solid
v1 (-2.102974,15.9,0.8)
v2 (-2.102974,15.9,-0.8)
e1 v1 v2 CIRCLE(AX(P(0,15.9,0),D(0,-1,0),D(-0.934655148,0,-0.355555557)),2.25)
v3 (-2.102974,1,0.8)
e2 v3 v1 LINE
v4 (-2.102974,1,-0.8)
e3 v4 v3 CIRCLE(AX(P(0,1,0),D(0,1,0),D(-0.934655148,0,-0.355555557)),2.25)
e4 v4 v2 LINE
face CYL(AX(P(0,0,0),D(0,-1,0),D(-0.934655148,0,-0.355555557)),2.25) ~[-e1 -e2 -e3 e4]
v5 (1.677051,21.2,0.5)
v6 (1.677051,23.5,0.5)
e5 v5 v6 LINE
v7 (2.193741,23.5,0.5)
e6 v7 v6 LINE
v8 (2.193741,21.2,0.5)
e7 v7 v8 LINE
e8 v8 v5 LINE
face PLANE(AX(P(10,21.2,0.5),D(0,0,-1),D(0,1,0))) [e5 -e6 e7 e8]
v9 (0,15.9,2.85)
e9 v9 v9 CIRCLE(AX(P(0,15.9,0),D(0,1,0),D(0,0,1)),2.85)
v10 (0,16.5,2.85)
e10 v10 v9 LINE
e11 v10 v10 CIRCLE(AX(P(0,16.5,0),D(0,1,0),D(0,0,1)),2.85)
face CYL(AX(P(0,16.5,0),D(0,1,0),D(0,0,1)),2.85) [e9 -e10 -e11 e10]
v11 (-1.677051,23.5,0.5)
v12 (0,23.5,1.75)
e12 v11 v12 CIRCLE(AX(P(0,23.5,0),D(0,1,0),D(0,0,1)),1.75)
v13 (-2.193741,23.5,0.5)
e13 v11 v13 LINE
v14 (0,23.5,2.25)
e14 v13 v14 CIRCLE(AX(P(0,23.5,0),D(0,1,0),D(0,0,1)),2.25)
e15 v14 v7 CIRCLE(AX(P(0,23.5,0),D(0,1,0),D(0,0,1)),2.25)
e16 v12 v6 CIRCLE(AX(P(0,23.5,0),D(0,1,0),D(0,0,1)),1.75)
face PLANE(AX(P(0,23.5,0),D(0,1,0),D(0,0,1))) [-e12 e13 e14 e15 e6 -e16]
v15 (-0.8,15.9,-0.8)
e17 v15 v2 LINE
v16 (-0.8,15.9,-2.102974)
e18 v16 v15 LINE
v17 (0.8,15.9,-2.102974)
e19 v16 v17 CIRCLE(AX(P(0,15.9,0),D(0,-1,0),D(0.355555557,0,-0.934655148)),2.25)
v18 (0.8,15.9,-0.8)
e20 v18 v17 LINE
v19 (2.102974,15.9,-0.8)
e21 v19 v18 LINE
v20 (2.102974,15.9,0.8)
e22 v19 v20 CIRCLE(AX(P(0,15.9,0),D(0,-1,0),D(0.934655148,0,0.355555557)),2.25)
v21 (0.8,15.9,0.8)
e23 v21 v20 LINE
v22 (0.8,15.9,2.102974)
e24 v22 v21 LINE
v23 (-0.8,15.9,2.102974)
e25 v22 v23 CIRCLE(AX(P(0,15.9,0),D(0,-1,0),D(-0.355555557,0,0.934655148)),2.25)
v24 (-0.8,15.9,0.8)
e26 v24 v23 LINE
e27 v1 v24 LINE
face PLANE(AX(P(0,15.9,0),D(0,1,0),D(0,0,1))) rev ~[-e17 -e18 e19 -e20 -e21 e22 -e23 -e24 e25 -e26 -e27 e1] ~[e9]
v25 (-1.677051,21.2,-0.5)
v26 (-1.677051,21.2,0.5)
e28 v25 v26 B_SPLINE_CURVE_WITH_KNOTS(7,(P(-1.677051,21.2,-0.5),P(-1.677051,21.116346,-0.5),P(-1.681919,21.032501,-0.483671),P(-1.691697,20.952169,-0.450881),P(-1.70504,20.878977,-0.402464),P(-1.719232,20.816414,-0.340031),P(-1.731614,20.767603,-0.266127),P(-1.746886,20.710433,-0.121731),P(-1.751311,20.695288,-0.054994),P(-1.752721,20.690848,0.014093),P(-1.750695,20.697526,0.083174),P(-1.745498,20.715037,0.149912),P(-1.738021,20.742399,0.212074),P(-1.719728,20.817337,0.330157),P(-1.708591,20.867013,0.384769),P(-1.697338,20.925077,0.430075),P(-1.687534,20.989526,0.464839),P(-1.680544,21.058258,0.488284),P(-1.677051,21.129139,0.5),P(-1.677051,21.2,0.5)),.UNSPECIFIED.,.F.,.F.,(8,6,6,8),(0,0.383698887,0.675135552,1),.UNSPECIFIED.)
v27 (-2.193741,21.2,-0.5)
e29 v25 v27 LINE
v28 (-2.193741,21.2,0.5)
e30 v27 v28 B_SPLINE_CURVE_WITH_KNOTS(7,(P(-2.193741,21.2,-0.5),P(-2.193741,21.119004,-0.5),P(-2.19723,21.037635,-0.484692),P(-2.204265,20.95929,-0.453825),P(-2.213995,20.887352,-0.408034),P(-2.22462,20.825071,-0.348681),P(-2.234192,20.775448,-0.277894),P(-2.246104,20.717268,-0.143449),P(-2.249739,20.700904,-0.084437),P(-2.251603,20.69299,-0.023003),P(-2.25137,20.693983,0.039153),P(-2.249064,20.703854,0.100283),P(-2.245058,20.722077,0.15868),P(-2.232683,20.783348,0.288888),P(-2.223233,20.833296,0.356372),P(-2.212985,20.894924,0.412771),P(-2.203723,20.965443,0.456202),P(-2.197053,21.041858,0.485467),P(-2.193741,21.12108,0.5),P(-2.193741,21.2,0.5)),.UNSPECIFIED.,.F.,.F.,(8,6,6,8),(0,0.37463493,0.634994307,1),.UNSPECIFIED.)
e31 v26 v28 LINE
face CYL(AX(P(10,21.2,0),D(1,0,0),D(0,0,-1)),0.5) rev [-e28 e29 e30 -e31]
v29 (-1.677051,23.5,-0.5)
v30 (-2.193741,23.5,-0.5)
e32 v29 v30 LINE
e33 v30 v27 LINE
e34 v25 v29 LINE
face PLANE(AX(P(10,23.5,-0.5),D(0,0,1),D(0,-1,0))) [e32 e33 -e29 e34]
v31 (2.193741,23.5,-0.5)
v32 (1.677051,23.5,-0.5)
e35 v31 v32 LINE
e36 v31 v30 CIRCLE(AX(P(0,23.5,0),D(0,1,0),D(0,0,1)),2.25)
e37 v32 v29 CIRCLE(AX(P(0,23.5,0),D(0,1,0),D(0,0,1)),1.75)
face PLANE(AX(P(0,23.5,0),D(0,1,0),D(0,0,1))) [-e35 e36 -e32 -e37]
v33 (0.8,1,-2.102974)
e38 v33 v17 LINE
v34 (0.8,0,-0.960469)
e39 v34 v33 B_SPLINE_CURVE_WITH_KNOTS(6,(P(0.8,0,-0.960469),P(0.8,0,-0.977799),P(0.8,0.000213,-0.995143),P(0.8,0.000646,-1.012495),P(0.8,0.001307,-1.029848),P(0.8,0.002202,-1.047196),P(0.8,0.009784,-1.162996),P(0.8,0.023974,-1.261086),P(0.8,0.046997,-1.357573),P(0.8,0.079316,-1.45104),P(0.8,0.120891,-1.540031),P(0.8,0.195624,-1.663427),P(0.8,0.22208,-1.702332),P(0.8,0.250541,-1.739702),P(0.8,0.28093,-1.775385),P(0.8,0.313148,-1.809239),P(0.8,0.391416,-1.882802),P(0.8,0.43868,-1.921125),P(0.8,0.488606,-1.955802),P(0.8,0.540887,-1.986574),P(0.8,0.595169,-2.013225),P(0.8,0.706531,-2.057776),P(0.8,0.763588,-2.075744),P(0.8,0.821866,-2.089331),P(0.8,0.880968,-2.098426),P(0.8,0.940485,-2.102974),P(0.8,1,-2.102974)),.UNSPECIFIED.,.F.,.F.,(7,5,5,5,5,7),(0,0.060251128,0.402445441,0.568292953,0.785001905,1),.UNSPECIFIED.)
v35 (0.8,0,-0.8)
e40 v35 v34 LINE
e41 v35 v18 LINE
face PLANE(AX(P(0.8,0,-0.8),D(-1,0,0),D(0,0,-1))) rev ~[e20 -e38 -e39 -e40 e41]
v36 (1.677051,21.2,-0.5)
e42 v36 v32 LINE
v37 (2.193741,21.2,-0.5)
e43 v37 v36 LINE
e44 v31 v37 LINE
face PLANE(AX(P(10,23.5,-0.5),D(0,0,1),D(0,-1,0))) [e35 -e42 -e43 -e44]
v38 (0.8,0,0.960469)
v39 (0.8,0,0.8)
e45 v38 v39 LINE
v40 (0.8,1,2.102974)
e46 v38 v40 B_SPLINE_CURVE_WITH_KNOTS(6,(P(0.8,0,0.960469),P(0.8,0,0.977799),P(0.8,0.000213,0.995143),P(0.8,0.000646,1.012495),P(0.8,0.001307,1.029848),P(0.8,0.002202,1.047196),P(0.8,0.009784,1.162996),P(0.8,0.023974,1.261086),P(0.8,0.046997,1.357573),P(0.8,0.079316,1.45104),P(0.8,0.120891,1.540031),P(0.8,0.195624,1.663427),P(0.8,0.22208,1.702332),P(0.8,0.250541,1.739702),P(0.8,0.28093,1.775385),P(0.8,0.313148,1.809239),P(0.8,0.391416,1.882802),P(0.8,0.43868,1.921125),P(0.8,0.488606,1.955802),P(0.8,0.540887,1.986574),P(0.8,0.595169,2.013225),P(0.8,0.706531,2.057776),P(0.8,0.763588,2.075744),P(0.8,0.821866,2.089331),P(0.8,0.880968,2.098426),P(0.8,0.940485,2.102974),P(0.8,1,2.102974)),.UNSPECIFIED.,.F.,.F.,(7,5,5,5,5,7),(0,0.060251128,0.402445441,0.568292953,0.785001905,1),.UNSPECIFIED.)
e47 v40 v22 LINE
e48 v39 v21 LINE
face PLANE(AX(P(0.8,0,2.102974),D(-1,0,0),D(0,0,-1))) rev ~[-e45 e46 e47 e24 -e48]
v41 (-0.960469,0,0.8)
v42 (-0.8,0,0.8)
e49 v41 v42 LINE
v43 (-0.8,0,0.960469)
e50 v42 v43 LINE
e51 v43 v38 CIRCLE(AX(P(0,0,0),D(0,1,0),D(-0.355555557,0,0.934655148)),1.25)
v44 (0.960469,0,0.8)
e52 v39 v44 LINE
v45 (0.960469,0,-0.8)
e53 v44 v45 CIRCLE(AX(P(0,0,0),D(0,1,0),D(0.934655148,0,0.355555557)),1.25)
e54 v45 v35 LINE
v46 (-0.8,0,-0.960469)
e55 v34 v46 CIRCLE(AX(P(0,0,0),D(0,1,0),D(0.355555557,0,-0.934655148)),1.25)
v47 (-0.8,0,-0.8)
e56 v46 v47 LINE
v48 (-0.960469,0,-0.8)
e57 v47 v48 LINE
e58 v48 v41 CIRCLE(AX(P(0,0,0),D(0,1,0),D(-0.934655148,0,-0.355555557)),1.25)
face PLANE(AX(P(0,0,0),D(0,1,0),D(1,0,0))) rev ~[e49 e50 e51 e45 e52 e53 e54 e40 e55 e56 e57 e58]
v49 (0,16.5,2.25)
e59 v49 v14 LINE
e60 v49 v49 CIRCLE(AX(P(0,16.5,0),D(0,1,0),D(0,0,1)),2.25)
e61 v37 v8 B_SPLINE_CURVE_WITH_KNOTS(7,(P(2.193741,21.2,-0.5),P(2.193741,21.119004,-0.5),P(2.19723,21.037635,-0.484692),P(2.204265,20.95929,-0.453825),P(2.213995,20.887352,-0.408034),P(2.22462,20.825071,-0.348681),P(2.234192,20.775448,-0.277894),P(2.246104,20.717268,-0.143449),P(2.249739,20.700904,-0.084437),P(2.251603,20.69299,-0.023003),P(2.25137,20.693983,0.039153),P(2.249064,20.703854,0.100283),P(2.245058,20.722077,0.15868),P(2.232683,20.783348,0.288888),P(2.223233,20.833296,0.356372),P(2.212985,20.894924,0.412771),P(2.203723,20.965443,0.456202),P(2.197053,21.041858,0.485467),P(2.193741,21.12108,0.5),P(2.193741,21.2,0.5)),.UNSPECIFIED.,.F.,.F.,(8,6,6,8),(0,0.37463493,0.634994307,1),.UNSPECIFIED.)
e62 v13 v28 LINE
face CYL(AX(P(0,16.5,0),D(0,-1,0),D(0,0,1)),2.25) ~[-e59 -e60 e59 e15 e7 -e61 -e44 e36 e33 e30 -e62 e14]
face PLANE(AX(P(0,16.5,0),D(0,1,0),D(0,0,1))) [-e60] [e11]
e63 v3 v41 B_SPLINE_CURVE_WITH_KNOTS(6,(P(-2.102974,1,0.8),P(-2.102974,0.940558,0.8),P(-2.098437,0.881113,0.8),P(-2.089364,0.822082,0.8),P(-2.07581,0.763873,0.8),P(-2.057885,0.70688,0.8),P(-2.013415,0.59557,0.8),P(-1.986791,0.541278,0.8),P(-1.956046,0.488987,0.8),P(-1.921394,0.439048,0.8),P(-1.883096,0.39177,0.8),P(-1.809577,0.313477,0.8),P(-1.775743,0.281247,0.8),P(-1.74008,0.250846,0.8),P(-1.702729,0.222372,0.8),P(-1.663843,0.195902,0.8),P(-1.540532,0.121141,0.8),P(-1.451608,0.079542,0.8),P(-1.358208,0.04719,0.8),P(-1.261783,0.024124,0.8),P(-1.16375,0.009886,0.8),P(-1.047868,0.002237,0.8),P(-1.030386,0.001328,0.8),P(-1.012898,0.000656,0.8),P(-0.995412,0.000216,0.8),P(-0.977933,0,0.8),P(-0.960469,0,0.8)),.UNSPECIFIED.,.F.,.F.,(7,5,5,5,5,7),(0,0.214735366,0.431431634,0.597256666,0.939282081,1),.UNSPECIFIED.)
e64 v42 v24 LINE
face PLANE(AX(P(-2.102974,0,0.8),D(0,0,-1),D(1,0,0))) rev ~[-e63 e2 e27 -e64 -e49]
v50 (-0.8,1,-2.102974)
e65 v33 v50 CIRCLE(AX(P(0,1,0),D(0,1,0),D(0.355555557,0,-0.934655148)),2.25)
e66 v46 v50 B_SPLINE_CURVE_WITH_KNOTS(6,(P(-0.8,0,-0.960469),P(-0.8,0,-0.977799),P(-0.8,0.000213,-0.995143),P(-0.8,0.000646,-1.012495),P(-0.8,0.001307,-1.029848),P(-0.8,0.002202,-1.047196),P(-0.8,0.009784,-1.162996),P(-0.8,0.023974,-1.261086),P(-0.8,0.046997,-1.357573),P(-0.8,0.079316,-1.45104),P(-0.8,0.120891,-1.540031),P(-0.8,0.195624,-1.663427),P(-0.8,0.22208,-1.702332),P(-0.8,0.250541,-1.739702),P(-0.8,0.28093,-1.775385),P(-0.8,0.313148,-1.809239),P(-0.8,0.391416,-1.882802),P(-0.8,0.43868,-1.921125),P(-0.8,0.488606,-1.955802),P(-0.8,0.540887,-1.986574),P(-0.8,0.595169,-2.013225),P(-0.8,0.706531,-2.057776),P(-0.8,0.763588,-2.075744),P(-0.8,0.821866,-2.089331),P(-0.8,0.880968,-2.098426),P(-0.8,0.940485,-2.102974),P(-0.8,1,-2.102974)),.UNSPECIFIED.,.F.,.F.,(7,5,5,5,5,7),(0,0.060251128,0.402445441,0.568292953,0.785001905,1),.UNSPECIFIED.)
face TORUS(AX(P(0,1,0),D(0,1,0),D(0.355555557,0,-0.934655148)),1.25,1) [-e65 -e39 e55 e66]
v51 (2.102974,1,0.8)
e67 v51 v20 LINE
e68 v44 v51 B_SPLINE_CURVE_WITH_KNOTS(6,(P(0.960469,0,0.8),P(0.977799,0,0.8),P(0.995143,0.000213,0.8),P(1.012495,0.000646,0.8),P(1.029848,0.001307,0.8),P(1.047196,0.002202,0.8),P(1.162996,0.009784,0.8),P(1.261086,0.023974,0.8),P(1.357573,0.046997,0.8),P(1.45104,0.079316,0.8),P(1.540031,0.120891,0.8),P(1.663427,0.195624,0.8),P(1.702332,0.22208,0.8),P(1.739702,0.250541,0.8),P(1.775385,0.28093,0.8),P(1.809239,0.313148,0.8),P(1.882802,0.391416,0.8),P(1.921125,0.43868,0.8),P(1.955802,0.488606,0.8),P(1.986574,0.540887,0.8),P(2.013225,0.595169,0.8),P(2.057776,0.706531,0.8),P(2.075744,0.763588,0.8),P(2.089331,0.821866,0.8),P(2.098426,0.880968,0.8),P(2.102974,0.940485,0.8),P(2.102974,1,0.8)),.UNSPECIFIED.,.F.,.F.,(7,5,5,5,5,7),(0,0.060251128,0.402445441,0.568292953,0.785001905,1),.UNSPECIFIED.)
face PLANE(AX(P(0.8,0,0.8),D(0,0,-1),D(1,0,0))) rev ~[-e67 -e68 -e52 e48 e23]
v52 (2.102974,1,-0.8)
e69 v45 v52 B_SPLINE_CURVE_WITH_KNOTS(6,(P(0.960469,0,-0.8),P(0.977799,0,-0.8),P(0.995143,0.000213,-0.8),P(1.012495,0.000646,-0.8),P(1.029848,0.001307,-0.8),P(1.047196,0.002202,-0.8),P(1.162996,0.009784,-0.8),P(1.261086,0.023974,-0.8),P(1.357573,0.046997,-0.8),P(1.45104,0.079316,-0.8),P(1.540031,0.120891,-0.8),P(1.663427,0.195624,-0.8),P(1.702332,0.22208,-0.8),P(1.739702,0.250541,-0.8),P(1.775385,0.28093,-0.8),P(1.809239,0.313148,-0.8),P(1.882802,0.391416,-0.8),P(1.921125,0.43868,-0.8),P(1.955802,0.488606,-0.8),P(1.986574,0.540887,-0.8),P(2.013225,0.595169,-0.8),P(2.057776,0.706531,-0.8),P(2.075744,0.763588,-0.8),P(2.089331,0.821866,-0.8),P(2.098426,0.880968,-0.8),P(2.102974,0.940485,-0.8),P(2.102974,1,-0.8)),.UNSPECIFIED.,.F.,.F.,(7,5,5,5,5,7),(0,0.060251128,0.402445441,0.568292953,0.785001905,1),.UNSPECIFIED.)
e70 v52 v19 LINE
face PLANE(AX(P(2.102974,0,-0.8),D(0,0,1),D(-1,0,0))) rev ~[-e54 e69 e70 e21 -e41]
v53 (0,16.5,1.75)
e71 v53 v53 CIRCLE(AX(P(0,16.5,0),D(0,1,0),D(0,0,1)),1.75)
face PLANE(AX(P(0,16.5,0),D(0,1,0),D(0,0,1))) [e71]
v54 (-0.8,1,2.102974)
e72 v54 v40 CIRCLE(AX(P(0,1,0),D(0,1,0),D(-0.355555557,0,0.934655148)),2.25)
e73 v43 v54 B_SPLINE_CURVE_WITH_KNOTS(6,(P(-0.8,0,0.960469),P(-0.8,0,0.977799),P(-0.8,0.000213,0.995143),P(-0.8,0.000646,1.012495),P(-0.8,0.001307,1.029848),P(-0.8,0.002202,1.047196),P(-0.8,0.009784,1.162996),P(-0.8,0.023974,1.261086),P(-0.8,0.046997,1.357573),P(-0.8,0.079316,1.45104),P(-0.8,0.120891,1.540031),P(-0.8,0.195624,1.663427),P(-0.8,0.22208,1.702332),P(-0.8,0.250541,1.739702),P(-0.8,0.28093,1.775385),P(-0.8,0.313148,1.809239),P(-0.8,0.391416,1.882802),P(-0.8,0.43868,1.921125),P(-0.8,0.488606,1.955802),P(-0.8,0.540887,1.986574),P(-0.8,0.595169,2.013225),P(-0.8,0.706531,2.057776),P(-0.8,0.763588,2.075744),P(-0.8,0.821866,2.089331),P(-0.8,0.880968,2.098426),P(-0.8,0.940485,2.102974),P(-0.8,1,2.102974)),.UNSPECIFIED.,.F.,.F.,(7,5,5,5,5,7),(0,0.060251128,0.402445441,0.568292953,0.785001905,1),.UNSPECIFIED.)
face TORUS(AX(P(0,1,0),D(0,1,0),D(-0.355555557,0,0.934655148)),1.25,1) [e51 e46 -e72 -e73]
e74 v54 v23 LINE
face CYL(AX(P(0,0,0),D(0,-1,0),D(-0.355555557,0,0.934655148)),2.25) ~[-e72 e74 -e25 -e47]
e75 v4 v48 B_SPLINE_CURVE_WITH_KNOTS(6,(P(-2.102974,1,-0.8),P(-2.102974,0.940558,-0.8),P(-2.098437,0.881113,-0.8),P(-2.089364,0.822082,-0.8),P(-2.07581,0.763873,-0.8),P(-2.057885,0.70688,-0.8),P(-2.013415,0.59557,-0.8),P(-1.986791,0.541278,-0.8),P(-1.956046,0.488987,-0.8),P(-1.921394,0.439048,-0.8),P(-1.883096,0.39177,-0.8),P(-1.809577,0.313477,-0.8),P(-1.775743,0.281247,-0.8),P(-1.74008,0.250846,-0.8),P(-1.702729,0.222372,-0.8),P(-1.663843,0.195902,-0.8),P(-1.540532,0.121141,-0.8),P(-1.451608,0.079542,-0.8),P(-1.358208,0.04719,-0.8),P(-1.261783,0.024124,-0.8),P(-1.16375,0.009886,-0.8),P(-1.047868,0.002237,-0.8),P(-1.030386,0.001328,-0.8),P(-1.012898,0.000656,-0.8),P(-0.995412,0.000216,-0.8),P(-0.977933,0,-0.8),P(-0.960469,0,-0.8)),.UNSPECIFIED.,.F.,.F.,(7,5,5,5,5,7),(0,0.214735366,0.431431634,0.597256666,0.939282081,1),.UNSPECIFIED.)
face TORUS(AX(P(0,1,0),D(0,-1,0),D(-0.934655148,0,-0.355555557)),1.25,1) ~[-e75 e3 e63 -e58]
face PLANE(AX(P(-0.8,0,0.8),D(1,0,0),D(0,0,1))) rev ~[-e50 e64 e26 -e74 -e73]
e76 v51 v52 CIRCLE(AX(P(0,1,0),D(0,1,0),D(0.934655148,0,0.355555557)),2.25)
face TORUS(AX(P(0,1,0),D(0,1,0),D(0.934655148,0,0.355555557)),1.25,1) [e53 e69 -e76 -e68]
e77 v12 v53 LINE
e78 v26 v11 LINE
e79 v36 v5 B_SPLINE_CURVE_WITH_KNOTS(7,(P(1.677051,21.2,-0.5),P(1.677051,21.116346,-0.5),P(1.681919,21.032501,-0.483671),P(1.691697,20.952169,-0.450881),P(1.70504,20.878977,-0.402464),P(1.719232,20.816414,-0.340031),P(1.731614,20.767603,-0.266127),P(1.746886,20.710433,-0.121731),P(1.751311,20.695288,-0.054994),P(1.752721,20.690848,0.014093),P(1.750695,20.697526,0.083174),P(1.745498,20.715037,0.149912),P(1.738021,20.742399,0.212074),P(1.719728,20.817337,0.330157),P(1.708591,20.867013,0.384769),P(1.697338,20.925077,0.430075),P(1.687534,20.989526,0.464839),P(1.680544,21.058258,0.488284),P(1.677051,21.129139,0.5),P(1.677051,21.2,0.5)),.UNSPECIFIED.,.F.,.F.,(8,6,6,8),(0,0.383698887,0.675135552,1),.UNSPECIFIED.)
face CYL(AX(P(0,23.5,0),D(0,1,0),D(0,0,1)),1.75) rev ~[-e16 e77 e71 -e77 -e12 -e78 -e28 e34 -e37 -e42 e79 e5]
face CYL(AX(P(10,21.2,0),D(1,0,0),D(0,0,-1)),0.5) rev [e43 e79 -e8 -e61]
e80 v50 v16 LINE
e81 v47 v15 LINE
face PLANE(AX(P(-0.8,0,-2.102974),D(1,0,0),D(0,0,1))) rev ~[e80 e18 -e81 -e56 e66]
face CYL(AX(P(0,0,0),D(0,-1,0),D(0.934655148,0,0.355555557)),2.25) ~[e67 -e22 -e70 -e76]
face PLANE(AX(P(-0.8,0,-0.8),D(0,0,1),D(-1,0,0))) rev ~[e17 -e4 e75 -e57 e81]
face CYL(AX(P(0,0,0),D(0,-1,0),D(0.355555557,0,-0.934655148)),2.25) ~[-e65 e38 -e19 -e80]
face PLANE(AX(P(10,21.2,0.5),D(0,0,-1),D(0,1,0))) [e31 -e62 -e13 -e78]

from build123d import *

# Parameters (mm, degrees)
BOSS_EXTRUDE1_DEPTH = 16.5
FILLET1_R           = 1
FILLET2_R           = 1
FILLET3_R           = 1
FILLET4_R           = 1
SKETCH3_R           = 2.85
BOSS_EXTRUDE2_DEPTH = 0.6
SKETCH4_R           = 2.25
BOSS_EXTRUDE3_DEPTH = 7
CUT_EXTRUDE2_DEPTH  = 27.935014386
SKETCH8_R           = 1.75
CUT_EXTRUDE3_DEPTH  = 7


with BuildPart() as part:
    # Sketch1 → Boss-Extrude1 (new body)
    with BuildSketch(Plane(origin=(0, 0, 0), x_dir=(1, 0, 0), z_dir=(0, 1, 0))):
        with BuildLine():
            Line((-0.8, -0.8), (-0.8, -2.102974084))
            ThreePointArc((-0.8, -2.102974084), (0, -2.25), (0.8, -2.102974084))
            Line((0.8, -2.102974084), (0.8, -0.8))
            Line((0.8, -0.8), (2.102974084, -0.8))
            ThreePointArc((2.102974084, -0.8), (2.25, 0), (2.102974084, 0.8))
            Line((2.102974084, 0.8), (0.8, 0.8))
            Line((0.8, 0.8), (0.8, 2.102974084))
            ThreePointArc((0.8, 2.102974084), (0, 2.25), (-0.8, 2.102974084))
            Line((-0.8, 2.102974084), (-0.8, 0.8))
            Line((-0.8, 0.8), (-2.102974084, 0.8))
            ThreePointArc((-2.102974084, 0.8), (-2.25, 0), (-2.102974084, -0.8))
            Line((-2.102974084, -0.8), (-0.8, -0.8))
        make_face()
    extrude(amount=BOSS_EXTRUDE1_DEPTH)

    # Fillet1
    fillet1_edges = [part.edges().sort_by_distance(p)[0] for p in [
        (-2.25, 0, 0),
    ]]
    fillet(fillet1_edges, radius=FILLET1_R)

    # Fillet2
    fillet2_edges = [part.edges().sort_by_distance(p)[0] for p in [
        (0, 0, 2.25),
    ]]
    fillet(fillet2_edges, radius=FILLET2_R)

    # Fillet3
    fillet3_edges = [part.edges().sort_by_distance(p)[0] for p in [
        (2.25, 0, 0),
    ]]
    fillet(fillet3_edges, radius=FILLET3_R)

    # Fillet4
    fillet4_edges = [part.edges().sort_by_distance(p)[0] for p in [
        (0, 0, -2.25),
    ]]
    fillet(fillet4_edges, radius=FILLET4_R)

    # Sketch3 → Boss-Extrude2 (add)
    with BuildSketch(Plane(origin=(0, 16.5, 0), x_dir=(1, 0, 0), z_dir=(0, 1, 0))):
        with Locations(Location((0, 0, 0), (0, 0, 270))):
            Circle(SKETCH3_R)
    extrude(amount=-BOSS_EXTRUDE2_DEPTH)

    # Sketch4 → Boss-Extrude3 (add)
    with BuildSketch(Plane(origin=(0, 16.5, 0), x_dir=(1, 0, 0), z_dir=(0, 1, 0))):
        with Locations(Location((0, 0, 0), (0, 0, 270))):
            Circle(SKETCH4_R)
    extrude(amount=BOSS_EXTRUDE3_DEPTH)

    # Sketch5 → Cut-Extrude2 (cut, through all)
    with BuildSketch(Plane(origin=(10, 0, 0), x_dir=(0, 0, -1), z_dir=(1, 0, 0))):
        with BuildLine():
            Line((-0.5, 21.2), (-0.5, 23.5))
            ThreePointArc((-0.5, 23.5), (0, 24), (0.5, 23.5))
            Line((0.5, 23.5), (0.5, 21.2))
            ThreePointArc((0.5, 21.2), (0, 20.7), (-0.5, 21.2))
        make_face()
    extrude(amount=-CUT_EXTRUDE2_DEPTH, mode=Mode.SUBTRACT)

    # Sketch8 → Cut-Extrude3 (cut)
    with BuildSketch(Plane(origin=(0, 23.5, 0), x_dir=(1, 0, 0), z_dir=(0, 1, 0))):
        with Locations(Location((0, 0, 0), (0, 0, 270))):
            Circle(SKETCH8_R)
    extrude(amount=-CUT_EXTRUDE3_DEPTH, mode=Mode.SUBTRACT)


solid = part.part
